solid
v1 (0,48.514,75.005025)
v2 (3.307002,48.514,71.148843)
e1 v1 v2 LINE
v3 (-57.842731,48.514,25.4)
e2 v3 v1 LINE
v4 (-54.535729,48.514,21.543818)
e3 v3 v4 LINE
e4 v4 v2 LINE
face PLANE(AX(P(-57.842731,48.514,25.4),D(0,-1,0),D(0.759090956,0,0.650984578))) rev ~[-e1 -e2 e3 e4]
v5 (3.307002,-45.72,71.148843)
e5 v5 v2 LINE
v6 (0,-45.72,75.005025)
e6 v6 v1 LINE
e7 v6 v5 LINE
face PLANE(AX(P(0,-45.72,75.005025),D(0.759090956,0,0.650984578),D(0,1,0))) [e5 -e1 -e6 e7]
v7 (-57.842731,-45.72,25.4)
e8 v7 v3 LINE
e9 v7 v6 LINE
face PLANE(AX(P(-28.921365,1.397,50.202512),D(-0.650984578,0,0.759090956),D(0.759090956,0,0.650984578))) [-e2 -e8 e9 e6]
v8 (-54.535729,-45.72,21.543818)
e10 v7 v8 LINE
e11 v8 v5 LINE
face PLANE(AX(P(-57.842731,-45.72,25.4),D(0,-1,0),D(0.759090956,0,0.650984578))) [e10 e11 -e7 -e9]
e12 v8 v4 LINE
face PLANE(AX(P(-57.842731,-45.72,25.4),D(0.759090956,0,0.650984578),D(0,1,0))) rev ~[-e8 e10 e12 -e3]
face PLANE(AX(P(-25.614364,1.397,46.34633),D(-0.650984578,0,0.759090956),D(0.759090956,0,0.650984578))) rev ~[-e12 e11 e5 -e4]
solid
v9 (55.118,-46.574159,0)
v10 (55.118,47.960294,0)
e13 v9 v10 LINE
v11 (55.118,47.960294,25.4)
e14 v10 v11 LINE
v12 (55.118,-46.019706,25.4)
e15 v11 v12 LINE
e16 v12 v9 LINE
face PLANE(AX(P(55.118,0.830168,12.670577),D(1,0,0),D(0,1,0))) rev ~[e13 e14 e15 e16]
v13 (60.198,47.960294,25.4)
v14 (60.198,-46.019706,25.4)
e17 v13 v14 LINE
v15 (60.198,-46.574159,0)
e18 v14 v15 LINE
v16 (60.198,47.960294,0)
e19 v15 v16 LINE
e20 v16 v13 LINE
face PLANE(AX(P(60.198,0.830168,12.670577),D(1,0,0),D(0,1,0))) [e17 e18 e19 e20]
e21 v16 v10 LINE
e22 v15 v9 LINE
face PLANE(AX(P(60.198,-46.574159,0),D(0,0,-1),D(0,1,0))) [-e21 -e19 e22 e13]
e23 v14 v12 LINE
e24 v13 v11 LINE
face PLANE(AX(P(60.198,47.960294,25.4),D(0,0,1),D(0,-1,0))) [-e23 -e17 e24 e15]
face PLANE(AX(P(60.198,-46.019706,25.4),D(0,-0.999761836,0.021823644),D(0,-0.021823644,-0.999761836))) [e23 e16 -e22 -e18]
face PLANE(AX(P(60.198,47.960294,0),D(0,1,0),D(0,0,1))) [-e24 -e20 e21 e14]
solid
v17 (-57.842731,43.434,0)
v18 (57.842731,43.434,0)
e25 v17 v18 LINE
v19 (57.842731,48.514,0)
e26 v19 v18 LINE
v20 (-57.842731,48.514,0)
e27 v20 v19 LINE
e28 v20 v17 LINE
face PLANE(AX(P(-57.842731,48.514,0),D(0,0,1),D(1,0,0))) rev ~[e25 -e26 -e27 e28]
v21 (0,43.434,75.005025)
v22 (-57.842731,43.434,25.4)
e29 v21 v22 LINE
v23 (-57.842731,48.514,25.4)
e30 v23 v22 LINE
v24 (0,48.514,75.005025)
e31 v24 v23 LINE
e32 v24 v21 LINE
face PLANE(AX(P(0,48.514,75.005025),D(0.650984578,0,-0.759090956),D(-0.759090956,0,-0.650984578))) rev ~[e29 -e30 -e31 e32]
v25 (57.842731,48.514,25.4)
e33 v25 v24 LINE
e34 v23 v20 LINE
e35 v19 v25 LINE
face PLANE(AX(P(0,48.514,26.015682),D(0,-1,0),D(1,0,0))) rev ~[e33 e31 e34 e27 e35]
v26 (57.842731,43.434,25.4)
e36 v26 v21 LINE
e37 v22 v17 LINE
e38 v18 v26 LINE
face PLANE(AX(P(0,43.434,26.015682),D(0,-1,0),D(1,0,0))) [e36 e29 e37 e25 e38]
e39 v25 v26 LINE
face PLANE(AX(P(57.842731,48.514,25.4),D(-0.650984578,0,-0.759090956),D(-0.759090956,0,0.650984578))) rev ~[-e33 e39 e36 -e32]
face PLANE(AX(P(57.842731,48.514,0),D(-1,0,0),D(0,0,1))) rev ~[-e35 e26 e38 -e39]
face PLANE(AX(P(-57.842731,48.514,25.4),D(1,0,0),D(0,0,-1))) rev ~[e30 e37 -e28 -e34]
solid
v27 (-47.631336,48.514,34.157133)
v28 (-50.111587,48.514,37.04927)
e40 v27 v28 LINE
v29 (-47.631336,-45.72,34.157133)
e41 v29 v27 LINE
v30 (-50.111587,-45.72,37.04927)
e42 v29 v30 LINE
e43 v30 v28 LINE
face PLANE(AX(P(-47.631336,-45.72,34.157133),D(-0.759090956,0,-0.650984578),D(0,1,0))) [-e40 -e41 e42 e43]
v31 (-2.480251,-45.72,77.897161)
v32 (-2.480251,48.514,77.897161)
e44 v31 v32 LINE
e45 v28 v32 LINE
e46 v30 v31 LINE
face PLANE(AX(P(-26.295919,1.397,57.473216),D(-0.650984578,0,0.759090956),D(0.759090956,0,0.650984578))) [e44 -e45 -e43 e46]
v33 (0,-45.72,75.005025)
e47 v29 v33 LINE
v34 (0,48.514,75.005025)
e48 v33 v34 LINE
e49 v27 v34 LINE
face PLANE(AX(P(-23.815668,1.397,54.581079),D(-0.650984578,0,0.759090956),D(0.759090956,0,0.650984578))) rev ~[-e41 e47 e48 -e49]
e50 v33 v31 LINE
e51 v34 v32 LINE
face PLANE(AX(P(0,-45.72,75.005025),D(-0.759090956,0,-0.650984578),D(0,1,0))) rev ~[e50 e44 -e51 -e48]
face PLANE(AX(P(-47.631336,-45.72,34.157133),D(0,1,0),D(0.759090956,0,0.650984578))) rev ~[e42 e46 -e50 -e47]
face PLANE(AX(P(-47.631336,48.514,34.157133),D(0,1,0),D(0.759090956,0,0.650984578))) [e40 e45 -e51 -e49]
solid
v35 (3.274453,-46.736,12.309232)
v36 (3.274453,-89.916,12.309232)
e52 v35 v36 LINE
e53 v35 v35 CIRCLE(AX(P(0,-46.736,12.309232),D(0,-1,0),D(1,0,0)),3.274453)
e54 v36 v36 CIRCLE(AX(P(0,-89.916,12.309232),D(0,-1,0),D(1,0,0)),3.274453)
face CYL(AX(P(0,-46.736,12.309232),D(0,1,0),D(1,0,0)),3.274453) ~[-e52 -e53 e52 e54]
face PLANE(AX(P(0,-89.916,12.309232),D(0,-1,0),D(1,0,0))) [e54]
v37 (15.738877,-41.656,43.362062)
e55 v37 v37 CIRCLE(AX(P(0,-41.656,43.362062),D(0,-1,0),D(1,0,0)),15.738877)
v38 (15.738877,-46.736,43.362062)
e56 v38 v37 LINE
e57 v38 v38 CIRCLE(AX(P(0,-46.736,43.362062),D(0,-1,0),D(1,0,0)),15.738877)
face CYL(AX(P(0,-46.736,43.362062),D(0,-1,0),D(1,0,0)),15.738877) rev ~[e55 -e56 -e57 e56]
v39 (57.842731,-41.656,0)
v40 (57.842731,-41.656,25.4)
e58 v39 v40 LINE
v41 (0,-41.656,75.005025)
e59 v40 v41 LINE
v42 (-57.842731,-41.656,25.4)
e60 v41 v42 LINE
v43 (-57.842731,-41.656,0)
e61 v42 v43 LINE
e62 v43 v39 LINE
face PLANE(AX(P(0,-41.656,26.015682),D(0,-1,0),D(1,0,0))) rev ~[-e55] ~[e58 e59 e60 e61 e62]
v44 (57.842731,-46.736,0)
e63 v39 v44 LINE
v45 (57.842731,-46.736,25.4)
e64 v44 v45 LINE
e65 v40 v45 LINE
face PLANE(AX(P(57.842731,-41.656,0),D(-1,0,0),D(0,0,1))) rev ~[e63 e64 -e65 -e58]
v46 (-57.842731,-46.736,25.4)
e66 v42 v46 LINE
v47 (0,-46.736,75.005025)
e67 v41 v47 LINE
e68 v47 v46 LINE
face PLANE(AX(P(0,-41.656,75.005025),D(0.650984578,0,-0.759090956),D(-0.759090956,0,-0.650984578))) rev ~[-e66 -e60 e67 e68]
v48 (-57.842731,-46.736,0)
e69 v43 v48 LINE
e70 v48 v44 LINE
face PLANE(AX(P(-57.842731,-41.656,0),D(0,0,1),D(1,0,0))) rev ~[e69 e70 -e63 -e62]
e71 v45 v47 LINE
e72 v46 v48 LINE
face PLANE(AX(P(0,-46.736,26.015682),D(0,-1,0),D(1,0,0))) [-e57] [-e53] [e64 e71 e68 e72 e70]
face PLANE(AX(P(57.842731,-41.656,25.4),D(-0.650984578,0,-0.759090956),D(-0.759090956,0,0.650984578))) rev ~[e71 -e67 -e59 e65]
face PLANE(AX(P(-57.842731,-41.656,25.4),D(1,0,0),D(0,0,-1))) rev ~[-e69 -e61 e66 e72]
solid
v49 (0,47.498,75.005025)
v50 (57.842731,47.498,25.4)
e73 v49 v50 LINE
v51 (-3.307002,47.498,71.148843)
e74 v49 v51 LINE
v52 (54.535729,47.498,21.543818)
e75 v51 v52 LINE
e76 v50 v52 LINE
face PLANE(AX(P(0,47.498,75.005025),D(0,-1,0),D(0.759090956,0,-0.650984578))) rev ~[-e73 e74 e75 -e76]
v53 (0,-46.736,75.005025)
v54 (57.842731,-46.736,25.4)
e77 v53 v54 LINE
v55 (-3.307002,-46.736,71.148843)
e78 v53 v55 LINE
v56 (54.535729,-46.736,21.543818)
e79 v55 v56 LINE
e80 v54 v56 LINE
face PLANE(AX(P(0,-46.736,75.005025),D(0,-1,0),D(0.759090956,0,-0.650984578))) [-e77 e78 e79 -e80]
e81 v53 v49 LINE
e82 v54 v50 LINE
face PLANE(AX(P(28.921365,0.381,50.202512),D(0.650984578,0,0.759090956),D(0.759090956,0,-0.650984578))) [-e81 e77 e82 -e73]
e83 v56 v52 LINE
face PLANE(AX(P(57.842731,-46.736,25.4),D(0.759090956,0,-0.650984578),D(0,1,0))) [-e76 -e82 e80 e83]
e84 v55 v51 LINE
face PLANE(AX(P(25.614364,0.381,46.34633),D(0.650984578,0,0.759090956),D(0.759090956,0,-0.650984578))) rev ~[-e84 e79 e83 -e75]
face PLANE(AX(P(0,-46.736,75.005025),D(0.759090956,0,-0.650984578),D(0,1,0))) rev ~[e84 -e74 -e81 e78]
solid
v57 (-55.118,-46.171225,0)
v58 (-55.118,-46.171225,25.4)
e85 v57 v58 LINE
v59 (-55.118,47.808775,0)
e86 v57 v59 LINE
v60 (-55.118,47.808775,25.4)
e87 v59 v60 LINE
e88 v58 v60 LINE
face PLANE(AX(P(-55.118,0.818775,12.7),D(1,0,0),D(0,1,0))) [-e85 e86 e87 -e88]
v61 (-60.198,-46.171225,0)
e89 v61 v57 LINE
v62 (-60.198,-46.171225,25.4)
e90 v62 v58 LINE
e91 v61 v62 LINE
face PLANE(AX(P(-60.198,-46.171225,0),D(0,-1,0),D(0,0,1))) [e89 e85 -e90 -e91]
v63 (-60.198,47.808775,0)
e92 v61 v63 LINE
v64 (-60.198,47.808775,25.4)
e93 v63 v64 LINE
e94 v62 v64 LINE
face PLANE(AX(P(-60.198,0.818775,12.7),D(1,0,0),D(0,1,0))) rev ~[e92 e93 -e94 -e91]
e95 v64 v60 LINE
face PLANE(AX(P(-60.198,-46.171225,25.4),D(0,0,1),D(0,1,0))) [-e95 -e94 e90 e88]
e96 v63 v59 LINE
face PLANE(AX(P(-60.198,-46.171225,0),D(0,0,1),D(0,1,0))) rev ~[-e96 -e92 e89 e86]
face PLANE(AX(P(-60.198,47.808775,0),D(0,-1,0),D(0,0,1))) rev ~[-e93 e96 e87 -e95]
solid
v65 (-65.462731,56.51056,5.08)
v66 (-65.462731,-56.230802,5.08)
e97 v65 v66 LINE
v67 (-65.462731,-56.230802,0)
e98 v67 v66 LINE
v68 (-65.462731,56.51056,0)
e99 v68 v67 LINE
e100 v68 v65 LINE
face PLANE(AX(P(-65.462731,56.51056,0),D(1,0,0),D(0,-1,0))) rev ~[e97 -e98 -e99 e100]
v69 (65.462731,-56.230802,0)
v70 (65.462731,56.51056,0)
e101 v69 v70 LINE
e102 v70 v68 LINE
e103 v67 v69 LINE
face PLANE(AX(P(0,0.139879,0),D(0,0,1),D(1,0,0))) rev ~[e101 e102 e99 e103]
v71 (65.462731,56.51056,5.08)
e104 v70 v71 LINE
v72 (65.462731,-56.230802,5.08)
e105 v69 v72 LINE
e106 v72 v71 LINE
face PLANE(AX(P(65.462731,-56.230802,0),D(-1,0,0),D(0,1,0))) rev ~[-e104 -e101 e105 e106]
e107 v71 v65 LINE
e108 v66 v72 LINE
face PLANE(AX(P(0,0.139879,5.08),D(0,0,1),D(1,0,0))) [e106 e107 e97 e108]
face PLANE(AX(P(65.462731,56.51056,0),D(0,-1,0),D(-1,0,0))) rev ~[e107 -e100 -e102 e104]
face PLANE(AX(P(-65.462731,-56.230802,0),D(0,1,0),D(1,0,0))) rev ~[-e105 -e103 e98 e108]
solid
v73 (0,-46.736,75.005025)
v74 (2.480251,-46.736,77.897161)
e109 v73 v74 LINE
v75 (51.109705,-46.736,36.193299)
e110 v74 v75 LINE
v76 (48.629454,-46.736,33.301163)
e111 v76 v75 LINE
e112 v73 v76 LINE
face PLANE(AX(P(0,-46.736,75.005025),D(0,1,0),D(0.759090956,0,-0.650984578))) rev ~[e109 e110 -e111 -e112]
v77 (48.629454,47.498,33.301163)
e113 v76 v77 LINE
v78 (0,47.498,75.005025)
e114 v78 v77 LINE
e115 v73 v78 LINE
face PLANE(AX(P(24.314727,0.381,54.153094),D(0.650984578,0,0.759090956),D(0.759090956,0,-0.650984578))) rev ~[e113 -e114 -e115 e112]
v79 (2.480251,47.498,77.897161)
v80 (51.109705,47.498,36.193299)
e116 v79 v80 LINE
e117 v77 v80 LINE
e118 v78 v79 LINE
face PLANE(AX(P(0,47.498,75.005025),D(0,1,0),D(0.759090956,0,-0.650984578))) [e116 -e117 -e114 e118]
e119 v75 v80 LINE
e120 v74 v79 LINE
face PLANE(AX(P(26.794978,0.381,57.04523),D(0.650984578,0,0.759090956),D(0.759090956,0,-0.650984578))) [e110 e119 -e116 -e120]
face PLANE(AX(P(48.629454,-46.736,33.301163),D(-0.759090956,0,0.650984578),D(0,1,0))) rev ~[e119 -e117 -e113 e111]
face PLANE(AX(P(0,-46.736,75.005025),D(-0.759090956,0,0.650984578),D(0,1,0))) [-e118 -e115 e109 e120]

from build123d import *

# Parameters (mm, degrees)
F1_DEPTH  = 5.08
F4_DEPTH  = 5.08
F6_W      = 93.98
F6_H      = 25.4
F7_DEPTH  = 5.08
F10_DEPTH = 5.08
F13_DEPTH = 5.08
F14_W     = 76.2
F14_H     = 94.234
F15_DEPTH = 5.08
F16_W     = 76.2
F16_H     = 94.234
F17_DEPTH = 5.08
F18_R     = 15.738877225
F19_DEPTH = 59.944
F20_R     = 3.274453398
F21_DEPTH = 43.18
F22_W     = 64.0627496209
F22_H     = 94.234
F23_DEPTH = 3.81
F24_W     = 62.747863529
F24_H     = 94.234
F25_DEPTH = 3.81


with BuildPart() as f1:
    # F0 (on Top) → F1 (new body)
    with BuildSketch(Plane.XY):
        Polygon((-65.4627308249, -56.230802089), (0, -56.230802089), (65.4627308249, -56.230802089), (65.4627308249, 56.5105602145), (0, 56.5105602145), (-65.4627308249, 56.5105602145), align=None)
    extrude(amount=F1_DEPTH)


with BuildPart() as f4:
    # F3 (on offset) → F4 (new body)
    with BuildSketch(Plane.XZ.offset(41.656)):
        Polygon((-57.8427308249, 0), (57.8427308249, 0), (57.8427308249, 25.4), (0, 75.0050248535), (-57.8427308249, 25.4), align=None)
    extrude(amount=F4_DEPTH)

    # F18 (on face) → F19 (cut)
    with BuildSketch(Plane.XZ.offset(46.736)):
        with Locations((0, 43.3620624244)):
            Circle(F18_R)
    extrude(amount=-F19_DEPTH, mode=Mode.SUBTRACT)

    # F20 (on face) → F21 (join)
    with BuildSketch(Plane.XZ.offset(46.736)):
        with Locations((0, 12.3092317954)):
            Circle(F20_R)
    extrude(amount=F21_DEPTH)


with BuildPart() as f7:
    # F6 (on offset) → F7 (new body)
    with BuildSketch(Plane.YZ.offset(-60.198)):
        with Locations((0.8187752477, 12.7)):
            Rectangle(F6_W, F6_H)
    extrude(amount=F7_DEPTH)


with BuildPart() as f10:
    # F9 (on offset) → F10 (new body)
    with BuildSketch(Plane.YZ.offset(60.198)):
        Polygon((47.9602938963, 25.4), (-46.0197061037, 25.4), (-46.574158704, 0), (47.9602938963, 0), align=None)
    extrude(amount=-F10_DEPTH)


with BuildPart() as f13:
    # F12 (on offset) → F13 (new body)
    with BuildSketch(Plane.XZ.offset(-48.514)):
        Polygon((-57.8427308249, 0), (57.8427308249, 0), (57.8427308249, 25.4), (0, 75.0050248535), (-57.8427308249, 25.4), align=None)
    extrude(amount=F13_DEPTH)


with BuildPart() as f15:
    # F14 (on face) → F15 (new body)
    with BuildSketch(Plane(origin=(37.0642209813, 0, 43.2193263443), x_dir=(0.7590909557, 0, -0.6509845781), z_dir=(0.6509845781, 0, 0.7590909557))):
        with Locations((-10.7271144618, 0.381)):
            Rectangle(F14_W, F14_H)
    extrude(amount=-F15_DEPTH)


with BuildPart() as f17:
    # F16 (on face) → F17 (new body)
    with BuildSketch(Plane(origin=(-37.0642209813, 0, 43.2193263443), x_dir=(0.7590909557, 0, 0.6509845781), z_dir=(-0.6509845781, 0, 0.7590909557))):
        with Locations((10.7271144618, 1.397)):
            Rectangle(F16_W, F16_H)
    extrude(amount=-F17_DEPTH)


with BuildPart() as f23:
    # F22 (on face) → F23 (new body)
    with BuildSketch(Plane(origin=(37.0642209813, 0, 43.2193263443), x_dir=(0.7590909557, 0, -0.6509845781), z_dir=(0.6509845781, 0, 0.7590909557))):
        with Locations((-16.7957396514, 0.381)):
            Rectangle(F22_W, F22_H)
    extrude(amount=F23_DEPTH)


with BuildPart() as f25:
    # F24 (on face) → F25 (new body)
    with BuildSketch(Plane(origin=(-37.0642209813, 0, 43.2193263443), x_dir=(0.7590909557, 0, 0.6509845781), z_dir=(-0.6509845781, 0, 0.7590909557))):
        with Locations((17.4531826973, 1.397)):
            Rectangle(F24_W, F24_H)
    extrude(amount=F25_DEPTH)


solid = Compound([f1.part, f4.part, f7.part, f10.part, f13.part, f15.part, f17.part, f23.part, f25.part])
